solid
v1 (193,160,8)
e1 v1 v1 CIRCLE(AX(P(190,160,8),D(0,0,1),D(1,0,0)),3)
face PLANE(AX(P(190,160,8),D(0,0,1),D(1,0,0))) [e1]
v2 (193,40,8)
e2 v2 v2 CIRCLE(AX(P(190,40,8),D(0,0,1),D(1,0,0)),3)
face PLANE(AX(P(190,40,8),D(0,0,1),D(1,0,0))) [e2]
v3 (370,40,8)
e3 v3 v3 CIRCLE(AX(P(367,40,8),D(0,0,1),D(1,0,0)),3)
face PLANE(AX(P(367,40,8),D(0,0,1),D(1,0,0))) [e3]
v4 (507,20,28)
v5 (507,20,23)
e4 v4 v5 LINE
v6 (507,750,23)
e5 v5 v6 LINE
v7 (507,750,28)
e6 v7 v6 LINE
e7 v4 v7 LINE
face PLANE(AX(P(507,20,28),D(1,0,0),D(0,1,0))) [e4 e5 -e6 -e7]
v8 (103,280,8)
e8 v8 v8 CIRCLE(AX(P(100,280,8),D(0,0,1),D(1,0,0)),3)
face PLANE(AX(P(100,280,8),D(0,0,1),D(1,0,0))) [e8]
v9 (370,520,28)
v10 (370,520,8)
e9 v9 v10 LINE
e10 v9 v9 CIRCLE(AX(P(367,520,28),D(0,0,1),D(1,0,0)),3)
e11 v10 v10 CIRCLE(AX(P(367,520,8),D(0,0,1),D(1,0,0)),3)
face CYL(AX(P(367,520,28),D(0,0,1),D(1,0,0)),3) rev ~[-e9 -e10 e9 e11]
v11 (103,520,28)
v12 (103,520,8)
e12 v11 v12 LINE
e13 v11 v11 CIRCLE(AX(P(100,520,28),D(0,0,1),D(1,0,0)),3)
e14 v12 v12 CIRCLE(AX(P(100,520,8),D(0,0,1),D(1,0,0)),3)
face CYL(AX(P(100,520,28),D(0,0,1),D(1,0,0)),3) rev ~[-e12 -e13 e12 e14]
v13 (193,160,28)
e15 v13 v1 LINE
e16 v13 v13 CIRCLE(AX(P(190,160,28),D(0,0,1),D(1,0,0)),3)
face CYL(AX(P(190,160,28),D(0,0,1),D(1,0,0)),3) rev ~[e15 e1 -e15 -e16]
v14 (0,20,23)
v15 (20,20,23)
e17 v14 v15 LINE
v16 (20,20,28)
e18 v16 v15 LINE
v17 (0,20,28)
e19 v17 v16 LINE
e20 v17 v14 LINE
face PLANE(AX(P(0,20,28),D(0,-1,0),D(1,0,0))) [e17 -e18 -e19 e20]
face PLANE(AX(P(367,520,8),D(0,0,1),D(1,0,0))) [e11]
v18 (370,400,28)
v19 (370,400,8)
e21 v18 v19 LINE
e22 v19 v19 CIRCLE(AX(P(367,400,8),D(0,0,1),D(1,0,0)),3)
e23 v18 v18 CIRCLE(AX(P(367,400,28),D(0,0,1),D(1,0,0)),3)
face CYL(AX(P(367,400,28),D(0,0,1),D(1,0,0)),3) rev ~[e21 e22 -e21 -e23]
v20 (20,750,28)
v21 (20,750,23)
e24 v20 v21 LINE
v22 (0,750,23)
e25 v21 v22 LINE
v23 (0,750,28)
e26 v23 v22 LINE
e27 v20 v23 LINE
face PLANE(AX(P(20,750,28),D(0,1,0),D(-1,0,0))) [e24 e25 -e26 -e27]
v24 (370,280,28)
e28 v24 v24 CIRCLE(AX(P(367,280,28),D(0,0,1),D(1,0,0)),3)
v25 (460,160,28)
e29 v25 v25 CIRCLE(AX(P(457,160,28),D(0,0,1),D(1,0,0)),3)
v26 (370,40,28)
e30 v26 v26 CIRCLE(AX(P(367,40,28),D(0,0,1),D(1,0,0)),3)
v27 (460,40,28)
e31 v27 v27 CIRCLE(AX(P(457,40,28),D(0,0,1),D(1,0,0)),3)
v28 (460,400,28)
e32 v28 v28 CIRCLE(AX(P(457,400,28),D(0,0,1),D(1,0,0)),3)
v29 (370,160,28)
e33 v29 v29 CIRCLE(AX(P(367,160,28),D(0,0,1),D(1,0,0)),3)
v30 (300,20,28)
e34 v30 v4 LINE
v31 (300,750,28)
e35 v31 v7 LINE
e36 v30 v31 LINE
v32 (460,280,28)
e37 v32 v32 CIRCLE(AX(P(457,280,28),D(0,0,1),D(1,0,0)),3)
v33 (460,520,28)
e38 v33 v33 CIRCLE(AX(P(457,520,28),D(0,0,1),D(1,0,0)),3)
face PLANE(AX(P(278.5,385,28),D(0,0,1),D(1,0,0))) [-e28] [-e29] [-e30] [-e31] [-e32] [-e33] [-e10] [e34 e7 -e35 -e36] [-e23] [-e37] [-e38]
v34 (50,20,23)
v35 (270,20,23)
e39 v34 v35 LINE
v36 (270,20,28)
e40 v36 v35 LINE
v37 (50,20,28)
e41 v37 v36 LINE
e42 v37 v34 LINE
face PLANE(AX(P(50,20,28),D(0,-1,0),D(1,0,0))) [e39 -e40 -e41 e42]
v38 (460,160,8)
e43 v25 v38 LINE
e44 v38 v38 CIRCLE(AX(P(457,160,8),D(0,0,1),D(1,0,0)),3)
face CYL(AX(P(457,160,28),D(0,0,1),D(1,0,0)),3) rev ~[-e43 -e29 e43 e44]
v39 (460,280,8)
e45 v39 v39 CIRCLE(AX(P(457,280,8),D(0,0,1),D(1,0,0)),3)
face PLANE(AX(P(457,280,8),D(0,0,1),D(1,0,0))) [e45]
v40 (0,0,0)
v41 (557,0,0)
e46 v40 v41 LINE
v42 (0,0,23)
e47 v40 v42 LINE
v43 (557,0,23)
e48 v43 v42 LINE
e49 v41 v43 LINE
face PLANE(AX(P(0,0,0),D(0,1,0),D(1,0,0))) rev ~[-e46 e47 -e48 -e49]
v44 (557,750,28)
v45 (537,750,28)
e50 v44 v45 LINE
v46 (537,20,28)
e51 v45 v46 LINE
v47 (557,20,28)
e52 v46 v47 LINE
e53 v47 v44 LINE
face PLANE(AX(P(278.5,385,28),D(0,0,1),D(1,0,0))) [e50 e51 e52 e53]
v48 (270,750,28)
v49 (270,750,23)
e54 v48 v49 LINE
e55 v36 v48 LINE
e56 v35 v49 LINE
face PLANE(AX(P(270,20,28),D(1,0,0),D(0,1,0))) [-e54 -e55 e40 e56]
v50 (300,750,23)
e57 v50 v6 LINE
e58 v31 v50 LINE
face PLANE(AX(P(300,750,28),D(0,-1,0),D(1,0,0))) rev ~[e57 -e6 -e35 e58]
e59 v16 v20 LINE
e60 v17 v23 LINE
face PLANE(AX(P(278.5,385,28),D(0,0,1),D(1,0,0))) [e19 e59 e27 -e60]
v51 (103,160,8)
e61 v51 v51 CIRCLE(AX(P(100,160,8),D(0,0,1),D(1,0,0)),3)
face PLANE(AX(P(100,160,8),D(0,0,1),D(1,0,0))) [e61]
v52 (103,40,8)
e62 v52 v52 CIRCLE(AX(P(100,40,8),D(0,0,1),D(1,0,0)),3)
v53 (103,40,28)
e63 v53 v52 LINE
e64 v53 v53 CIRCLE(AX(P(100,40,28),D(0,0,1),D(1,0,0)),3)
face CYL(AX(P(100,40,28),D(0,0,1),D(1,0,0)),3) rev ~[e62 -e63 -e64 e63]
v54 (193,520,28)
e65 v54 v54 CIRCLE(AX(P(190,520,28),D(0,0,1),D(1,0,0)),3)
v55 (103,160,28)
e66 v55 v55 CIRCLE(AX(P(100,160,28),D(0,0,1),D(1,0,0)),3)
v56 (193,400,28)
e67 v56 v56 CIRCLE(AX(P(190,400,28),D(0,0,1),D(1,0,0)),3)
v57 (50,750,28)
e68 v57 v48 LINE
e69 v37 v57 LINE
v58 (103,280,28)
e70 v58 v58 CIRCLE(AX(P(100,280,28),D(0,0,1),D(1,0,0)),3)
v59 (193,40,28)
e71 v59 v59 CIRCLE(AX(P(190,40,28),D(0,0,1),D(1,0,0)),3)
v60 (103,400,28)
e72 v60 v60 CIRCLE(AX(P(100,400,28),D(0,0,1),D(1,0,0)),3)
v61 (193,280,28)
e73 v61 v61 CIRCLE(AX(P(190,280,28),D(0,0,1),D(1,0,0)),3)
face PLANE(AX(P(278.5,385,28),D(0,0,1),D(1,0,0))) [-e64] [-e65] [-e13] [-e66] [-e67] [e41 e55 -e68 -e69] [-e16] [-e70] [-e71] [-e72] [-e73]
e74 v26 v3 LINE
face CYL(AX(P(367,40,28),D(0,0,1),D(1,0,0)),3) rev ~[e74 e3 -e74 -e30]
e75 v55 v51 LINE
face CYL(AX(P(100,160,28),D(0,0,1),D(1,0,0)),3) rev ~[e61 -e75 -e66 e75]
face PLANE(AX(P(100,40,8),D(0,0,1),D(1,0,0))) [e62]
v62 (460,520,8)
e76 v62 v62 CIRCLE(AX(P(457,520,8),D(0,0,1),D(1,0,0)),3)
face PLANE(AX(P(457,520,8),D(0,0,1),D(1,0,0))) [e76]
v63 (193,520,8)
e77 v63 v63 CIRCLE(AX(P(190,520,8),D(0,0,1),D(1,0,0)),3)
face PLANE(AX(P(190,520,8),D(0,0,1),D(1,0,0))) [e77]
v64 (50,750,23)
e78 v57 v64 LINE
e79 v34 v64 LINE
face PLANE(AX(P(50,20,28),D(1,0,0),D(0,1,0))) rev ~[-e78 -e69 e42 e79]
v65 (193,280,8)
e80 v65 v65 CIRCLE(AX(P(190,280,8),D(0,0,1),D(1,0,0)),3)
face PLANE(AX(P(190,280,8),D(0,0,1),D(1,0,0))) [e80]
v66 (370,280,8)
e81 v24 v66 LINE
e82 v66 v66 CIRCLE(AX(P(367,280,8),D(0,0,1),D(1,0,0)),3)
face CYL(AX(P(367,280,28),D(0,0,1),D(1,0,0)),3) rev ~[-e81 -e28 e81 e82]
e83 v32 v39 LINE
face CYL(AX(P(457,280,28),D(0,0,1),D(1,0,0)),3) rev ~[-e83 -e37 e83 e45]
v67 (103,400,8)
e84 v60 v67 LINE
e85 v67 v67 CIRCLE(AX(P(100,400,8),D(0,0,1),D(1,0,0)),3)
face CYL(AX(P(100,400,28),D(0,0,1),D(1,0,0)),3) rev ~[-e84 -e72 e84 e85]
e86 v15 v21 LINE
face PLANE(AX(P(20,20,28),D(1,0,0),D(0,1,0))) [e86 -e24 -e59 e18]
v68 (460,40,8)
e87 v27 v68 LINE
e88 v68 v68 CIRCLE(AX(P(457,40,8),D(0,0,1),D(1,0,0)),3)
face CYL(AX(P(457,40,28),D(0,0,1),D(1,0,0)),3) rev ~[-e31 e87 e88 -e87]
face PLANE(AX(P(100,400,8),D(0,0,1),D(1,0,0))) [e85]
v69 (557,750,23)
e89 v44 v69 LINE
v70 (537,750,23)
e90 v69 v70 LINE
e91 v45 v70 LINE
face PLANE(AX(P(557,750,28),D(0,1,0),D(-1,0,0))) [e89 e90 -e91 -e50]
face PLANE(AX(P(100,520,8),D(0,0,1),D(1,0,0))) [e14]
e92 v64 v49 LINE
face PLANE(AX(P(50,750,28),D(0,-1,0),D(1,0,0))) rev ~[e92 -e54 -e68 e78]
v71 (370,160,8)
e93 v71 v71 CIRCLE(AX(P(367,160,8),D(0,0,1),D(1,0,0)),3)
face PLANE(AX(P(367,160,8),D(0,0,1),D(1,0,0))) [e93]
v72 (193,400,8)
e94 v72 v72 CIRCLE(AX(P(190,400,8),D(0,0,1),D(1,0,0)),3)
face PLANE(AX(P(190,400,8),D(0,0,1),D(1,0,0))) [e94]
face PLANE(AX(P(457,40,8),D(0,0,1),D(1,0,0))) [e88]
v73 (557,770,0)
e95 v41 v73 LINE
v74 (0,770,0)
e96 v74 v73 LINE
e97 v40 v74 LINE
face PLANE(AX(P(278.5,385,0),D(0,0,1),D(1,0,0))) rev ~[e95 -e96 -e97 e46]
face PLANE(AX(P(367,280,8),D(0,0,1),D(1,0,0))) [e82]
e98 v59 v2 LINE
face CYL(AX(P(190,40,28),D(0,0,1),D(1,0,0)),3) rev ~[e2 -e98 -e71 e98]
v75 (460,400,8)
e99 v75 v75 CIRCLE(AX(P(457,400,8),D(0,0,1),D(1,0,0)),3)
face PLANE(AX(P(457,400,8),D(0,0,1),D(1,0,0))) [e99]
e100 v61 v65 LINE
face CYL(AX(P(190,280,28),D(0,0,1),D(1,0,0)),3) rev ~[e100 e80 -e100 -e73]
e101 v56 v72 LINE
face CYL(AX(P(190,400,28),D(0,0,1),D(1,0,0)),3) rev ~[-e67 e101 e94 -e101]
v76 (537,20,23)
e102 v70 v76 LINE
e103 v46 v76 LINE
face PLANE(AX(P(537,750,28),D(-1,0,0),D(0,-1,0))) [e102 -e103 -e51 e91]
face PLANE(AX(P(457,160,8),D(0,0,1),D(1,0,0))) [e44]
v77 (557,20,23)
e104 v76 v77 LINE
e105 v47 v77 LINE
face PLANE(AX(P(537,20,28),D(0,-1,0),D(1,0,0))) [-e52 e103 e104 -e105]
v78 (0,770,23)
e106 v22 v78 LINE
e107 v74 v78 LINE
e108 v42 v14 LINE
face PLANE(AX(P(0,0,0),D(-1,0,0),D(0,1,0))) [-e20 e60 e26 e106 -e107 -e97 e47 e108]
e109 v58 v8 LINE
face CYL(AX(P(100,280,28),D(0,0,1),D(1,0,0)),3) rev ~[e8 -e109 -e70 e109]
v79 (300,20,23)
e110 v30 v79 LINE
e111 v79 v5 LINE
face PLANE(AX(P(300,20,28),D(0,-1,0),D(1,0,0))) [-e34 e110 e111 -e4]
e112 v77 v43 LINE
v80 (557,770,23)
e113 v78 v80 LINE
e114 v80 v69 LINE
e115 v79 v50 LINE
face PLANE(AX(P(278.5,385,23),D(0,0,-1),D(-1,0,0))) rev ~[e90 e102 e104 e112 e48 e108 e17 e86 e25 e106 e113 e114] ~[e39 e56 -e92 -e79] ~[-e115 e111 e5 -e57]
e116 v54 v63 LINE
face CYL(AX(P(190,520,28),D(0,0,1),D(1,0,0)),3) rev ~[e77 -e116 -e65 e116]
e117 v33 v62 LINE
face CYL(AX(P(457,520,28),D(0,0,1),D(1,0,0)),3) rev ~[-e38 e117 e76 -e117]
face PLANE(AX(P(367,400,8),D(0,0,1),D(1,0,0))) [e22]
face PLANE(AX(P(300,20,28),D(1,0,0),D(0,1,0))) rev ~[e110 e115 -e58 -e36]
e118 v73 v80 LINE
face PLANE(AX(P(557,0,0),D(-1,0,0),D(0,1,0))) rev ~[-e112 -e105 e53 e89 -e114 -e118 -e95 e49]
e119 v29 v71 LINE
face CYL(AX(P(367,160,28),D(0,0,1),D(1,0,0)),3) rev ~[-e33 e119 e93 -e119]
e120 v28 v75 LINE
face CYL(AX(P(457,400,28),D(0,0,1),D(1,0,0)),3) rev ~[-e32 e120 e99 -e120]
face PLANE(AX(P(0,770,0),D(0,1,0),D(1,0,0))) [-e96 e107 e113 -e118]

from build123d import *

# Parameters (mm, degrees)
SKETCH_W        = 557
SKETCH_H        = 770
PAD_DEPTH       = 28
SKETCH001_W     = 220
SKETCH001_H     = 730
SKETCH001_W_2   = 207
POCKET_DEPTH    = 5
SKETCH002_R     = 3
POCKET001_DEPTH = 20


with BuildPart() as part:
    # Sketch → Pad (new body)
    with BuildSketch(Plane.XY):
        with Locations((278.5, 385)):
            Rectangle(SKETCH_W, SKETCH_H)
    extrude(amount=PAD_DEPTH)

    # Sketch001 (on Face6 of Pad) → Pocket (cut)
    with BuildSketch(Plane.XY.offset(28)):
        Polygon((0, 770), (557, 770), (557, 750), (537, 750), (537, 20), (557, 20), (557, 0), (0, 0), (0, 20), (20, 20), (20, 750), (0, 750), align=None)
        with Locations((160, 385)):
            Rectangle(SKETCH001_W, SKETCH001_H, mode=Mode.SUBTRACT)
        with Locations((403.5, 385)):
            Rectangle(SKETCH001_W_2, SKETCH001_H, mode=Mode.SUBTRACT)
    extrude(amount=-POCKET_DEPTH, mode=Mode.SUBTRACT)

    # Sketch002 (on Face6 of Pad) → Pocket001 (cut)
    with BuildSketch(Plane.XY.offset(28)):
        with Locations((100, 40)):
            Circle(SKETCH002_R)
        with Locations((190, 40)):
            Circle(SKETCH002_R)
        with Locations((367, 40)):
            Circle(SKETCH002_R)
        with Locations((457, 40)):
            Circle(SKETCH002_R)
        with Locations((100, 160)):
            Circle(SKETCH002_R)
        with Locations((190, 160)):
            Circle(SKETCH002_R)
        with Locations((367, 160)):
            Circle(SKETCH002_R)
        with Locations((457, 160)):
            Circle(SKETCH002_R)
        with Locations((100, 280)):
            Circle(SKETCH002_R)
        with Locations((190, 280)):
            Circle(SKETCH002_R)
        with Locations((367, 280)):
            Circle(SKETCH002_R)
        with Locations((457, 280)):
            Circle(SKETCH002_R)
        with Locations((100, 400)):
            Circle(SKETCH002_R)
        with Locations((190, 400)):
            Circle(SKETCH002_R)
        with Locations((367, 400)):
            Circle(SKETCH002_R)
        with Locations((457, 400)):
            Circle(SKETCH002_R)
        with Locations((100, 520)):
            Circle(SKETCH002_R)
        with Locations((190, 520)):
            Circle(SKETCH002_R)
        with Locations((367, 520)):
            Circle(SKETCH002_R)
        with Locations((457, 520)):
            Circle(SKETCH002_R)
    extrude(amount=-POCKET001_DEPTH, mode=Mode.SUBTRACT)


solid = part.part
